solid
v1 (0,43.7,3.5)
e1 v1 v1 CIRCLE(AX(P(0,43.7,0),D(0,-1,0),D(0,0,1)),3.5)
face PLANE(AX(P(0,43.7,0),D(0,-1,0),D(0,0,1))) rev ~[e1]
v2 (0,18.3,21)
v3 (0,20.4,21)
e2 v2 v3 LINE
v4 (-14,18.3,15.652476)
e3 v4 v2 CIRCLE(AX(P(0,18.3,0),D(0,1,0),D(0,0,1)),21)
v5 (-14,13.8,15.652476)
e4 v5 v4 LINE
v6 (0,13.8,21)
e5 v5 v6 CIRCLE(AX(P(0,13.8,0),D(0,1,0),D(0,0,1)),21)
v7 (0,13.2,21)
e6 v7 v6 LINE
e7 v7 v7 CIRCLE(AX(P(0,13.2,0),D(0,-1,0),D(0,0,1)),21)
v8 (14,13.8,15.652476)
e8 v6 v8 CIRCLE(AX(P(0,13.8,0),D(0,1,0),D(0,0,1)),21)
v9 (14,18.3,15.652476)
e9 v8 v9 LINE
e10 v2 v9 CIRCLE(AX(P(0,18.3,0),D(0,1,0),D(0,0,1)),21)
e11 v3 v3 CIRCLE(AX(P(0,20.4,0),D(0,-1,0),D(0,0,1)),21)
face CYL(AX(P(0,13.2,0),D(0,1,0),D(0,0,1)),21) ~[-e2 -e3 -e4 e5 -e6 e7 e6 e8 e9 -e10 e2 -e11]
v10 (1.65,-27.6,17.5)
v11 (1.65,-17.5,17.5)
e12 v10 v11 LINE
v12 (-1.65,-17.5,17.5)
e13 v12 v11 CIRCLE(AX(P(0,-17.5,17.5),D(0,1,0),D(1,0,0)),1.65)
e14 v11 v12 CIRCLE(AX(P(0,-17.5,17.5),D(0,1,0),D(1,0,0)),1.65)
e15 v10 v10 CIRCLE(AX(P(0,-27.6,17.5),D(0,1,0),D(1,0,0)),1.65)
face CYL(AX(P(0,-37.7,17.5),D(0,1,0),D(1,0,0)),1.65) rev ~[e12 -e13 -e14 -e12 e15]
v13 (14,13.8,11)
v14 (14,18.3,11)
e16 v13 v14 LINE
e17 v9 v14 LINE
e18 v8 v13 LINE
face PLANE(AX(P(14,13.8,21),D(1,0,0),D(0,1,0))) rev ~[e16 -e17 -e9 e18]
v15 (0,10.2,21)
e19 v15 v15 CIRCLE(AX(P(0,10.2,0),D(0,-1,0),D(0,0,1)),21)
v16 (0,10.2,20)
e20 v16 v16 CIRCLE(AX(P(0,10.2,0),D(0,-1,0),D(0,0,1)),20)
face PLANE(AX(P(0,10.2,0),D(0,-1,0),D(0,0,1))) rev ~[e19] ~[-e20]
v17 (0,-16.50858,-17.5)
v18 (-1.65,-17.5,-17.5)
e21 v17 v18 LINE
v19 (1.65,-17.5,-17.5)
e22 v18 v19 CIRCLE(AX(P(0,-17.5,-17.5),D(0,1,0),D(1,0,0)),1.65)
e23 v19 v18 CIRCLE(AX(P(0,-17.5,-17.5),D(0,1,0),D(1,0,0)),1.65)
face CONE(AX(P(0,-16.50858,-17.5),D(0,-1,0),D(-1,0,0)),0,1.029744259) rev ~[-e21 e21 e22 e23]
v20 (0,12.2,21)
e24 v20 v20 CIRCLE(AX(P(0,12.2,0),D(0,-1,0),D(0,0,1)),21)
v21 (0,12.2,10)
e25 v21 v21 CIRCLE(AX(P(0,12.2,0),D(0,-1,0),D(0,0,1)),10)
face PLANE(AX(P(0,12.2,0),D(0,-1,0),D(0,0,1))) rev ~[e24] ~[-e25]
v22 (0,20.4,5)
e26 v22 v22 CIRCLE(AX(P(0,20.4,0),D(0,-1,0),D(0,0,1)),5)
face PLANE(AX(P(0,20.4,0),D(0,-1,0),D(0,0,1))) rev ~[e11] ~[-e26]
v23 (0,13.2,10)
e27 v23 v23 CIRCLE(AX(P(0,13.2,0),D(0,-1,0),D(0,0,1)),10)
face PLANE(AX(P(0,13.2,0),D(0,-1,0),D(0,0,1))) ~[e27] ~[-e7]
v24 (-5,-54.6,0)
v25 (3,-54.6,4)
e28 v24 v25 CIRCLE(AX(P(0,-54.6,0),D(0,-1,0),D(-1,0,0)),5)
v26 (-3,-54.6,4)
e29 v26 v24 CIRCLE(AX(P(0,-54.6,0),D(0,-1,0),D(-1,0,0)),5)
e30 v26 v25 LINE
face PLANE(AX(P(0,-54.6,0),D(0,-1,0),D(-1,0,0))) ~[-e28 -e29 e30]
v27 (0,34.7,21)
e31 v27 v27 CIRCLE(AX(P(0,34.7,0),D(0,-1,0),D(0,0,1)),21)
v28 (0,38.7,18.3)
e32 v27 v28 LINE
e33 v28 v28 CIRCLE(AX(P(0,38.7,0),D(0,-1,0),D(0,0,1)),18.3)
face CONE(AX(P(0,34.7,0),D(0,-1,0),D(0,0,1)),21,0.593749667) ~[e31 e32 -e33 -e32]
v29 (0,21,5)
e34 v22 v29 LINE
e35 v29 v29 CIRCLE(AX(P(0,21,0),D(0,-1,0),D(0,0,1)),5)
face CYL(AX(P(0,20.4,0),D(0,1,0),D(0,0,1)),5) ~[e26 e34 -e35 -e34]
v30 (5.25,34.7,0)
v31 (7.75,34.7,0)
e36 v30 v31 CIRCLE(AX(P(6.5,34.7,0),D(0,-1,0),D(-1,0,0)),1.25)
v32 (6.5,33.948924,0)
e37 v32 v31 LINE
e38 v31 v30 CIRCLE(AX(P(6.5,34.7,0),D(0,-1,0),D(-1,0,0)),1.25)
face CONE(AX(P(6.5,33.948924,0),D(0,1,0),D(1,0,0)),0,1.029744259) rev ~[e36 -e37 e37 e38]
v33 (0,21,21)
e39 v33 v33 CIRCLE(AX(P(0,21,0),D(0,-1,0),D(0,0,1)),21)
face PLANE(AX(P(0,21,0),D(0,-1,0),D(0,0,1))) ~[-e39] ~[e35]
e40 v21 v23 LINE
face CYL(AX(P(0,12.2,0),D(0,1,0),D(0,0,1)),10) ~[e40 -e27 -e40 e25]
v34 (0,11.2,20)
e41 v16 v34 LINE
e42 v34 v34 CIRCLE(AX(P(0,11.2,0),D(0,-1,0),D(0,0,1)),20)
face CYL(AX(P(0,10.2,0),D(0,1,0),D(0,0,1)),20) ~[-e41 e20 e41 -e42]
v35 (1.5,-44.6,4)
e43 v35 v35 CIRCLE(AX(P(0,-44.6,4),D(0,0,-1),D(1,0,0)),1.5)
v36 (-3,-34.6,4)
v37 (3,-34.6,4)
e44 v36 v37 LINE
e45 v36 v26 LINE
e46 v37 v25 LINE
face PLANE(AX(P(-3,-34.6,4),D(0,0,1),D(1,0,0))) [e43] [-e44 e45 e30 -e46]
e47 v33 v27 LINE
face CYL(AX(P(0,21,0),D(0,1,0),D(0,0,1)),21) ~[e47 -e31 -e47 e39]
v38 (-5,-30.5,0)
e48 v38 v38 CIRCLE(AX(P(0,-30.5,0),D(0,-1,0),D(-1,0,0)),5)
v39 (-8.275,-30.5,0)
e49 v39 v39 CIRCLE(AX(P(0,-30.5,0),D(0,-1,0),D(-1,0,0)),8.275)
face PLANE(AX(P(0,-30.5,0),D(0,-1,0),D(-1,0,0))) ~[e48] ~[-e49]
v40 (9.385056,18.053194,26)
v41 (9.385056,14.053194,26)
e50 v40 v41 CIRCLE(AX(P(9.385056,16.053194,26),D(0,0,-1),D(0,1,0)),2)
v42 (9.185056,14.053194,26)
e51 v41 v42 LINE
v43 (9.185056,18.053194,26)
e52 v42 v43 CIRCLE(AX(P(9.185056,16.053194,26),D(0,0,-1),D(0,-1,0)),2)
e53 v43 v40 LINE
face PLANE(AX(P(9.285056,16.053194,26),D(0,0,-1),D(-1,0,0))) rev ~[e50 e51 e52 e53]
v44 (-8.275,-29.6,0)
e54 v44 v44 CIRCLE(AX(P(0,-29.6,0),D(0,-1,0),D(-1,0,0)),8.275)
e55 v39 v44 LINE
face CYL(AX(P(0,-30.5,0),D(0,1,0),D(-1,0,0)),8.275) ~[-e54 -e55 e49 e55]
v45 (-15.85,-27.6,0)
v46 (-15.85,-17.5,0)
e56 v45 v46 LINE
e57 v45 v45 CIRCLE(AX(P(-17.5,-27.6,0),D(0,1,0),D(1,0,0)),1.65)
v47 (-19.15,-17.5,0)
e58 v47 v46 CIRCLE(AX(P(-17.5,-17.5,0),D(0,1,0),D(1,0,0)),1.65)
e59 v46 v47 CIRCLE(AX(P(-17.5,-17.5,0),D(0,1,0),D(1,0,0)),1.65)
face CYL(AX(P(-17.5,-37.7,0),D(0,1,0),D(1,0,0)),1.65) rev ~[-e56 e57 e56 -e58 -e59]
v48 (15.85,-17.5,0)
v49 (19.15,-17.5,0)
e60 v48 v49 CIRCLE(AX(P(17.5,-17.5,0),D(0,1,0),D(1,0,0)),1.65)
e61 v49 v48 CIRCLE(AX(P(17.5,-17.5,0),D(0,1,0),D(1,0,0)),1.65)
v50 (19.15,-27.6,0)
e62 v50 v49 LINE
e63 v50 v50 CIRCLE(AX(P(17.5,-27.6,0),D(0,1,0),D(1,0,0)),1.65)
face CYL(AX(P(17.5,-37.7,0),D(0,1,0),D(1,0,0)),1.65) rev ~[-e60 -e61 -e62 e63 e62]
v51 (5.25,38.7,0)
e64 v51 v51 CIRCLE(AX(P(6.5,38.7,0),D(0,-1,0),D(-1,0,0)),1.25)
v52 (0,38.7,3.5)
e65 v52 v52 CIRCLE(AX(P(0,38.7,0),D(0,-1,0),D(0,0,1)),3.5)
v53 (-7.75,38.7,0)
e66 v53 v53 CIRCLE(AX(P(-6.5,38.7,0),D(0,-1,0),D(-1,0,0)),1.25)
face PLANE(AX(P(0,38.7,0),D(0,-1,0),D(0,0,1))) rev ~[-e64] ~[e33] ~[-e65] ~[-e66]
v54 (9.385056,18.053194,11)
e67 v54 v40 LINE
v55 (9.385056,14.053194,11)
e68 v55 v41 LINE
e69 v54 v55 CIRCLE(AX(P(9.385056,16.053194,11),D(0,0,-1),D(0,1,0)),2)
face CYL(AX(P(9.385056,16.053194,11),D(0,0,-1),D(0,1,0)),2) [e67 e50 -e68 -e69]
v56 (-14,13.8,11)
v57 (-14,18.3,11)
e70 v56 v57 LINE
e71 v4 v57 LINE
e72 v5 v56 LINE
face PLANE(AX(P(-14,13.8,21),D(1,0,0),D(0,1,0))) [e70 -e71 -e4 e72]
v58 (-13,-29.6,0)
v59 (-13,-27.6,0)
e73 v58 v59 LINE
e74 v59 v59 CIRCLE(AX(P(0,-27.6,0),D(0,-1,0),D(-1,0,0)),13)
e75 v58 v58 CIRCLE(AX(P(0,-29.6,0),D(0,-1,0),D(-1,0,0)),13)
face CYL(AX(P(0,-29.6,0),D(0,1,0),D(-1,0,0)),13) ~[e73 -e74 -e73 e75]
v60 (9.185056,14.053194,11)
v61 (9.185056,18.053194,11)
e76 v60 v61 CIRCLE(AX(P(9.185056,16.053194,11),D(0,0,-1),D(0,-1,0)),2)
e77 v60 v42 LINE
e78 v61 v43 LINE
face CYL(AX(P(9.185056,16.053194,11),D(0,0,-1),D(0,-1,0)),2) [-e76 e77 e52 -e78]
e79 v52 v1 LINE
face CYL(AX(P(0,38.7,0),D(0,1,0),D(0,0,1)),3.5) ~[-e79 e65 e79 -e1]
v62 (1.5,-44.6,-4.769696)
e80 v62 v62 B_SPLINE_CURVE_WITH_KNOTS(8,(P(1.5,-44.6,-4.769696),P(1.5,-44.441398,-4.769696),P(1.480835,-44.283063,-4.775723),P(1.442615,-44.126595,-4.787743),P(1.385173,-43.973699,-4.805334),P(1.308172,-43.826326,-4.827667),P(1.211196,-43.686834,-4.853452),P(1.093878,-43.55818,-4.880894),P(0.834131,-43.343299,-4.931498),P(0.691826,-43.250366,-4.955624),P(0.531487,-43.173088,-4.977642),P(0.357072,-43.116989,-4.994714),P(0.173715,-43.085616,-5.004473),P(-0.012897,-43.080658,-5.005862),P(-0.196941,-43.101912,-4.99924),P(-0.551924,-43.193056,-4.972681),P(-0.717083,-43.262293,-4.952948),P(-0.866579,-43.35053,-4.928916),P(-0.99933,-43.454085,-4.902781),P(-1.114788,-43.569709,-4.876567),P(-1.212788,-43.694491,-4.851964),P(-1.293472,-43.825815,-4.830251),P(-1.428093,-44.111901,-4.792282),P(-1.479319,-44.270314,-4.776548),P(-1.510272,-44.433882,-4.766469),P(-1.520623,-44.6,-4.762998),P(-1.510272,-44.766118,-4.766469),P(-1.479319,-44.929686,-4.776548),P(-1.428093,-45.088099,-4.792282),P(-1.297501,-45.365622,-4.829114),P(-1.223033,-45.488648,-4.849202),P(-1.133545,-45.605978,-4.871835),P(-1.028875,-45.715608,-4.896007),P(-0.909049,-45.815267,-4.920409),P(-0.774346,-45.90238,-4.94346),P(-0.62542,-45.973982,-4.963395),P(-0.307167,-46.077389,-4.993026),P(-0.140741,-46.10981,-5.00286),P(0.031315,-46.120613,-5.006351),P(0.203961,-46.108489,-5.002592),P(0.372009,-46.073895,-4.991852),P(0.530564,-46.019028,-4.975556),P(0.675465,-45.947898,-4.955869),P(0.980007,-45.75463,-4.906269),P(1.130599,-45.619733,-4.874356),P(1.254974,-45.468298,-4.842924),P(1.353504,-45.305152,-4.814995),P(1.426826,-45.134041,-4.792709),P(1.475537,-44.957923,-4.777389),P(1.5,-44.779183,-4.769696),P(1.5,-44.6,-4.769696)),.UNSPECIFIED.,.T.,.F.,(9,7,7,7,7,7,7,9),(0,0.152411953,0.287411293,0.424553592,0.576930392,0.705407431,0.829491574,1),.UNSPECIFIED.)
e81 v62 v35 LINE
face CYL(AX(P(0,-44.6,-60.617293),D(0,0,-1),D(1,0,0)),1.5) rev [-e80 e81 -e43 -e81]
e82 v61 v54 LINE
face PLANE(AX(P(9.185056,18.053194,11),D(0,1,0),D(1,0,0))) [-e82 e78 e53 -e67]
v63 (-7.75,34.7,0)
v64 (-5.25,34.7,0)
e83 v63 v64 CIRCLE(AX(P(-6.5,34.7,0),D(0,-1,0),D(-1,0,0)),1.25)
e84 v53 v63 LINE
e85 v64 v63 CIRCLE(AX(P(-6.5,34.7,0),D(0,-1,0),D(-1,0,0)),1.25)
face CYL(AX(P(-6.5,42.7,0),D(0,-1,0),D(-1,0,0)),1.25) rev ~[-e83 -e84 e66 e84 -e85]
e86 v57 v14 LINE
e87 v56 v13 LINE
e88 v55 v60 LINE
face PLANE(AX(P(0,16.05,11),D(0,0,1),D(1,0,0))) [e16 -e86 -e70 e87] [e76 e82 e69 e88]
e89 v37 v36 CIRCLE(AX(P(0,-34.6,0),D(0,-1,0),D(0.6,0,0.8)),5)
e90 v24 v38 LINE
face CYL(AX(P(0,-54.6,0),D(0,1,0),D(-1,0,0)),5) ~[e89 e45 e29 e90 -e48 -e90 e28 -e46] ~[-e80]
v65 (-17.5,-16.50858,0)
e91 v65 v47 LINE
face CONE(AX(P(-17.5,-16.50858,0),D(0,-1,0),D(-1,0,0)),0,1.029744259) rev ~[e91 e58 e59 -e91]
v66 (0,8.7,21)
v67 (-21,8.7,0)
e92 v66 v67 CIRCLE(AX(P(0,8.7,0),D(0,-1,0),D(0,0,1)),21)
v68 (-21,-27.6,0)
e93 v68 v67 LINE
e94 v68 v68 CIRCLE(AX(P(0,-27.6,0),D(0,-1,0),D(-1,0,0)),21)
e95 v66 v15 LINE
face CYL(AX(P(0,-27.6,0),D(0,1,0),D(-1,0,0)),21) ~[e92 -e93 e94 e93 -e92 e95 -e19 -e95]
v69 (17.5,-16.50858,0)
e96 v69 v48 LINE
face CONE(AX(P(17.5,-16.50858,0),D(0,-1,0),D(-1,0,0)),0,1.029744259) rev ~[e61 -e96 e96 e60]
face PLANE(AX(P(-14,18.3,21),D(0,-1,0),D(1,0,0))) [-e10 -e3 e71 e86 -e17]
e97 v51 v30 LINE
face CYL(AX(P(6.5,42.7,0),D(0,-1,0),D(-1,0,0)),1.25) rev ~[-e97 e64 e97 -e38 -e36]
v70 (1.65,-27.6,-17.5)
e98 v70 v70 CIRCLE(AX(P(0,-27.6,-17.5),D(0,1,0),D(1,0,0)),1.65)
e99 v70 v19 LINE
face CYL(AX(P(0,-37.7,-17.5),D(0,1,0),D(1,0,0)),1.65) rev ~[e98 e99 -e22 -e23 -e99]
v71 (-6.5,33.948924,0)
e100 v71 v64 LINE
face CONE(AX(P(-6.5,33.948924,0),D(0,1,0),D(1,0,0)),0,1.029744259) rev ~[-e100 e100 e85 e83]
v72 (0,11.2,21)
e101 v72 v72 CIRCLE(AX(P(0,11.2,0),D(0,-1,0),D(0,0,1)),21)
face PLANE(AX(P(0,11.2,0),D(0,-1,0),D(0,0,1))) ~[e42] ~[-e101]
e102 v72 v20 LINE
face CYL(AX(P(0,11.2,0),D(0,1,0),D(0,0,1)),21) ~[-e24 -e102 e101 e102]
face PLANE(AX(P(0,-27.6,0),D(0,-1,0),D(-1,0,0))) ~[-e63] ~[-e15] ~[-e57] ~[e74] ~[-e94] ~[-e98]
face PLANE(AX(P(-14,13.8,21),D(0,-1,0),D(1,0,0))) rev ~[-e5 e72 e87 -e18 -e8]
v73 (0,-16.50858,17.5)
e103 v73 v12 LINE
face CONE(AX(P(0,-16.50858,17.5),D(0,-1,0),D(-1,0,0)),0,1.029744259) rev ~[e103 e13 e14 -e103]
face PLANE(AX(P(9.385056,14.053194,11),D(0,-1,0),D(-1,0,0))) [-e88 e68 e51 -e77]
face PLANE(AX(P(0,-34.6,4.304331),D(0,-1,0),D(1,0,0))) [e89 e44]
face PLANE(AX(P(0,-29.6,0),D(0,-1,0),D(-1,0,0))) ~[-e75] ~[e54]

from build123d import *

# Parameters (mm, degrees)
SKETCH_2_W               = 28
SKETCH_2_H               = 4.5
CUT_EXTRUDE_1_DEPTH      = 10
EXTRUDE_1_DEPTH          = 15
HOLE_WIZARD_M3_1_D       = 2.5
HOLE_WIZARD_M3_1_DEPTH   = 4
HOLE_WIZARD_M3_1_TIP     = 0.751075774
CUT_EXTRUDE_START        = -20
CUT_EXTRUDE_2_DEPTH      = 20
HOLE_WIZARD_M4_1_D       = 3.3
HOLE_WIZARD_M4_1_DEPTH   = 10.1
HOLE_WIZARD_M4_1_TIP     = 0.991420021
CUT_EXTRUDE_3_DEPTH      = 64.617293246
CUT_EXTRUDE_3_DEPTH_BACK = 64.617293246
SKETCH_11_R              = 1.5


with BuildPart() as part:
    # 草图1 → 旋转1 (revolve)
    with BuildSketch(Plane.XY, mode=Mode.PRIVATE) as revolve_1_sk:
        Polygon((0, 0), (4.1, 0), (4.1, 6.7), (13.4, 6.7), (13.4, 8.7), (21, 8.7), (21, 10.2), (20, 10.2), (20, 11.2), (21, 11.2), (21, 12.2), (10, 12.2), (10, 13.2), (21, 13.2), (21, 20.4), (5, 20.4), (5, 21), (21, 21), (21, 34.7), (18.3, 38.7), (3.5, 38.7), (3.5, 43.7), (0, 43.7), align=None)
    revolve(revolve_1_sk.sketch.rotate(Axis((0, 43.7, 0), (0, -1, 0)), 90), axis=Axis((0, 43.7, 0), (0, -1, 0)))

    # 草图2 → 切除-拉伸1 (cut)
    with BuildSketch(Plane.XY.offset(21)):
        with Locations((0, 16.05)):
            Rectangle(SKETCH_2_W, SKETCH_2_H)
    extrude(amount=-CUT_EXTRUDE_1_DEPTH, mode=Mode.SUBTRACT)

    # 草图3 → 凸台-拉伸1 (add)
    with BuildSketch(Plane.XY.offset(11)):
        with BuildLine():
            Line((9.185056323, 18.053194417), (9.385056323, 18.053194417))
            ThreePointArc((9.385056323, 18.053194417), (11.385056323, 16.053194417), (9.385056323, 14.053194417))
            Line((9.385056323, 14.053194417), (9.185056323, 14.053194417))
            ThreePointArc((9.185056323, 14.053194417), (7.185056323, 16.053194417), (9.185056323, 18.053194417))
        make_face()
    extrude(amount=EXTRUDE_1_DEPTH)

    # M3 螺纹孔1
    with Locations(Plane(origin=(0, 38.7, 0), x_dir=(1, 0, 0), z_dir=(0, 1, 0))):
        with Locations((-6.5, 0), (6.5, 0)):
            Hole(HOLE_WIZARD_M3_1_D / 2, depth=HOLE_WIZARD_M3_1_DEPTH)
            with Locations((0, 0, -(HOLE_WIZARD_M3_1_DEPTH + HOLE_WIZARD_M3_1_TIP / 2))):  # 118° drill point
                Cone(0, HOLE_WIZARD_M3_1_D / 2, HOLE_WIZARD_M3_1_TIP, mode=Mode.SUBTRACT)

    # 草图7 → 旋转2 (revolve)
    with BuildSketch(Plane.XY, mode=Mode.PRIVATE) as revolve_2_sk:
        Polygon((0, -54.6), (5, -54.6), (5, -30.5), (8.275, -30.5), (8.275, -29.6), (13, -29.6), (13, -27.6), (21, -27.6), (21, 8.7), (0, 8.7), align=None)
    revolve(revolve_2_sk.sketch.rotate(Axis((0, 8.7, 0), (0, -1, 0)), 180), axis=Axis((0, 8.7, 0), (0, -1, 0)))

    # 草图8 → 切除-拉伸2 (cut)
    with BuildSketch(Plane.XZ.offset(54.6).offset(CUT_EXTRUDE_START)):
        with BuildLine():
            Line((-3, 4), (3, 4))
            ThreePointArc((3, 4), (0, 5), (-3, 4))
        make_face()
    extrude(amount=CUT_EXTRUDE_2_DEPTH, mode=Mode.SUBTRACT)

    # M4 螺纹孔1
    with Locations(Plane(origin=(0, -27.6, 0), x_dir=(-1, 0, 0), z_dir=(0, -1, 0))):
        with Locations((0, -17.5), (-17.5, 0), (0, 17.5), (17.5, 0)):
            Hole(HOLE_WIZARD_M4_1_D / 2, depth=HOLE_WIZARD_M4_1_DEPTH)
            with Locations((0, 0, -(HOLE_WIZARD_M4_1_DEPTH + HOLE_WIZARD_M4_1_TIP / 2))):  # 118° drill point
                Cone(0, HOLE_WIZARD_M4_1_D / 2, HOLE_WIZARD_M4_1_TIP, mode=Mode.SUBTRACT)

    # 草图11 → 切除-拉伸3 (cut, two sides: drawn at the far end of the back side and taken through both)
    with BuildSketch(Plane.XY.offset(4).offset(-CUT_EXTRUDE_3_DEPTH_BACK)):
        with Locations((0, -44.6)):
            Circle(SKETCH_11_R)
    extrude(amount=CUT_EXTRUDE_3_DEPTH + CUT_EXTRUDE_3_DEPTH_BACK, mode=Mode.SUBTRACT)


solid = part.part
